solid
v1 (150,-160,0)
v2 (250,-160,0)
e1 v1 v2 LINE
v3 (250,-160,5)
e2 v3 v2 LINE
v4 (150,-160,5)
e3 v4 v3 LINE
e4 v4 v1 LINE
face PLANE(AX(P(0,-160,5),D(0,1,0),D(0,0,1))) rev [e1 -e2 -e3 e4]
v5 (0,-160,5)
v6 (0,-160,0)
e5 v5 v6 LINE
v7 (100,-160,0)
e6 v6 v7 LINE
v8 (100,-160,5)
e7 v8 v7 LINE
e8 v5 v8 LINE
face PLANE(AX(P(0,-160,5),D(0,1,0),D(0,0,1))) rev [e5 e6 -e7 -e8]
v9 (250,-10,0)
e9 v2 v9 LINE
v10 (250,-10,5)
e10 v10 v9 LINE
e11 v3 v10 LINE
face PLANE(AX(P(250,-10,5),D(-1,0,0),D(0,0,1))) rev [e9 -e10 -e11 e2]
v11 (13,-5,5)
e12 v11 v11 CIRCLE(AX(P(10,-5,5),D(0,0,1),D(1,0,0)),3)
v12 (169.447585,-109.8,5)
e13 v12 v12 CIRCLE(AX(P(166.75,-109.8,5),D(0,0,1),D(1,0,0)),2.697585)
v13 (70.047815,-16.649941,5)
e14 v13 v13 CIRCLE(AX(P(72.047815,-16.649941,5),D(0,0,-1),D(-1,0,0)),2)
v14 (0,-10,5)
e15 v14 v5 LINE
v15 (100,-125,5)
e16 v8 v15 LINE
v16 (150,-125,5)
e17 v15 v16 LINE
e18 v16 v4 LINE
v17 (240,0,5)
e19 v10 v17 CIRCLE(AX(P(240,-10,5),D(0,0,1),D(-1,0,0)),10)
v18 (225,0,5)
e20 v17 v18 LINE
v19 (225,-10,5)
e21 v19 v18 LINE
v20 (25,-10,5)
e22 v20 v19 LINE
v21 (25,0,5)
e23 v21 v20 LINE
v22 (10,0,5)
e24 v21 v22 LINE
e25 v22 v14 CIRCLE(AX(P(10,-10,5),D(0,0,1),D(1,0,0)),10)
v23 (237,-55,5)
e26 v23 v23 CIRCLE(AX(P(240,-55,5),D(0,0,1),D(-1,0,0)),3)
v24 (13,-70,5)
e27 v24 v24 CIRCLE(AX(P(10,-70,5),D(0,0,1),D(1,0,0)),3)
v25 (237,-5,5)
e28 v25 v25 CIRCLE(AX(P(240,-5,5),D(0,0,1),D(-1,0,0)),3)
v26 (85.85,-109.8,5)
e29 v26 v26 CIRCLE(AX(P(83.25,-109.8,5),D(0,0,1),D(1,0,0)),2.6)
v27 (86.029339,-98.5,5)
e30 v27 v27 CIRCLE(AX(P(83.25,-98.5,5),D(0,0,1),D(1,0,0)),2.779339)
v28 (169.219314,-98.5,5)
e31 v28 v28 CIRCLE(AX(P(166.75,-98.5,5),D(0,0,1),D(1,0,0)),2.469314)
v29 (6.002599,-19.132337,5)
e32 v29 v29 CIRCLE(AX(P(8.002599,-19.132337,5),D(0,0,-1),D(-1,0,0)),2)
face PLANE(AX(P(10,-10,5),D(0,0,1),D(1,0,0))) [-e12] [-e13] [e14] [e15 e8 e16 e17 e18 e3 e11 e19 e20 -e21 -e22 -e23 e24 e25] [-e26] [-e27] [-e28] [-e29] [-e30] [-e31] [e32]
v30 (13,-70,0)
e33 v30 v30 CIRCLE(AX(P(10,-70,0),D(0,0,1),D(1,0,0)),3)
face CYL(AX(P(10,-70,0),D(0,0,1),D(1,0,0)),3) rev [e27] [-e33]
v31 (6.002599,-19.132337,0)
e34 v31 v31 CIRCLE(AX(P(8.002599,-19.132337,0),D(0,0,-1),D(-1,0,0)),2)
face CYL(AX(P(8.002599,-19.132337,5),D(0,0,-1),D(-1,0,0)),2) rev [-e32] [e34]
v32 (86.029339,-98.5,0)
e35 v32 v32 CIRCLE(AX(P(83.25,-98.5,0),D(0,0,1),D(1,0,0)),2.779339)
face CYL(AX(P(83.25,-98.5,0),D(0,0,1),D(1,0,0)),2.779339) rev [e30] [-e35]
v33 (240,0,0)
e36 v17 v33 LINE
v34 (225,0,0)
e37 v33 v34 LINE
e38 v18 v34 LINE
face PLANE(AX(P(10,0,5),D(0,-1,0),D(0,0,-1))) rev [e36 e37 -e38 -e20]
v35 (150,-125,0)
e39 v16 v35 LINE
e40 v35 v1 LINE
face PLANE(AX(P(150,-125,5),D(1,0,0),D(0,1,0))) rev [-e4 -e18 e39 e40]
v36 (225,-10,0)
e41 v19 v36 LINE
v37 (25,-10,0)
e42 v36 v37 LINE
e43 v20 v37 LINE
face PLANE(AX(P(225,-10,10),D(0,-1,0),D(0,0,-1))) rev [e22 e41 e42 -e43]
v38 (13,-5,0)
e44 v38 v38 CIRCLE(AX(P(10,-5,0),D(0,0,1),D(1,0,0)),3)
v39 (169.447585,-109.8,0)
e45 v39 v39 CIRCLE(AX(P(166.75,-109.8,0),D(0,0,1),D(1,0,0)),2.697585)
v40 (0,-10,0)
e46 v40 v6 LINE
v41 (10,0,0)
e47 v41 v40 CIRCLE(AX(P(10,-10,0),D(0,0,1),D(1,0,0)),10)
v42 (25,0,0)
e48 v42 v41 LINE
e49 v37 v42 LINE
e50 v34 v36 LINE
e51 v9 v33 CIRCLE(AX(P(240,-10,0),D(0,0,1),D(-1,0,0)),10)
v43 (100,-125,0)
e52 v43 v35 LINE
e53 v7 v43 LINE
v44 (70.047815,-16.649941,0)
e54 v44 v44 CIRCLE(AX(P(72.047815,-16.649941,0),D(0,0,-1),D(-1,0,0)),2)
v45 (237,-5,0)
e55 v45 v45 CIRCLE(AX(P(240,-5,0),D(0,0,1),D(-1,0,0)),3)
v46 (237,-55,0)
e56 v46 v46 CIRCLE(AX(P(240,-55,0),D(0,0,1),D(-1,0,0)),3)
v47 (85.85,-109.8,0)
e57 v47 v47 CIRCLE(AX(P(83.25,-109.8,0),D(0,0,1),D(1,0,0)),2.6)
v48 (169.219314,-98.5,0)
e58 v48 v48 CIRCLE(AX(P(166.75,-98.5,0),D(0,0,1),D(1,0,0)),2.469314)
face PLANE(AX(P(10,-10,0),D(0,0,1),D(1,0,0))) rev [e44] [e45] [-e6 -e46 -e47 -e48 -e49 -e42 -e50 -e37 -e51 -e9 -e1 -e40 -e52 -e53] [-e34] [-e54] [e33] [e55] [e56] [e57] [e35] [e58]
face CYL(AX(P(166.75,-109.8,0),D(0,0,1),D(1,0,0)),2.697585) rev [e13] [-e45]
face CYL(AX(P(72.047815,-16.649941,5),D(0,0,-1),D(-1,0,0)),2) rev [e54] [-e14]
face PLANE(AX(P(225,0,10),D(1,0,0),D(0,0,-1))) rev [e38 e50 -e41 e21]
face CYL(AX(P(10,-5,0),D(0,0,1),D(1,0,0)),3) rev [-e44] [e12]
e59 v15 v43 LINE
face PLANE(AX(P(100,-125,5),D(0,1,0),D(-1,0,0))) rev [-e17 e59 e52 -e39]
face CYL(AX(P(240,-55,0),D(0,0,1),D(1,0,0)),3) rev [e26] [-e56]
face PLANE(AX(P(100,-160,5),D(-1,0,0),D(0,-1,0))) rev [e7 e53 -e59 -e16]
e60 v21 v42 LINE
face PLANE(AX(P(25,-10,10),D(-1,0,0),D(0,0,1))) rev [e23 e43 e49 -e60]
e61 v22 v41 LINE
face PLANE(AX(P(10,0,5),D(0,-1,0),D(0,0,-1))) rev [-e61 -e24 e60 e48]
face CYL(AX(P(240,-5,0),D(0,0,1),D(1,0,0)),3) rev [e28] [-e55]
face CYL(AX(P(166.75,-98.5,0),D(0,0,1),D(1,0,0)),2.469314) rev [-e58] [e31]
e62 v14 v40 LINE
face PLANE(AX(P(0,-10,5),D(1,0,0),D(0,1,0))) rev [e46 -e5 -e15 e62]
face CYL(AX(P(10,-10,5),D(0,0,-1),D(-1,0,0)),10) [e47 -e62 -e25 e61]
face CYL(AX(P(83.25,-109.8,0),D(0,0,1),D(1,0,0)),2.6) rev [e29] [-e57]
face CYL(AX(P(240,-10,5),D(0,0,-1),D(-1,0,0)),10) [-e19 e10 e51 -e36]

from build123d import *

# Parameters (mm, degrees)
BOSS_EXTRU_1_DEPTH      = 5
ESQUISSE2_R             = 3
ENL_V_MAT_EXTRU_1_DEPTH = 5
ESQUISSE3_W             = 200
ESQUISSE3_H             = 10
ENL_V_MAT_EXTRU_2_DEPTH = 10
ESQUISSE4_R             = 2
ENL_V_MAT_EXTRU_3_DEPTH = 297.858552176
ESQUISSE5_W             = 50
ESQUISSE5_H             = 35
ENL_V_MAT_EXTRU_4_DEPTH = 297.858552176
ESQUISSE6_R             = 2.6
ESQUISSE6_R_2           = 2.779338986
ESQUISSE6_R_3           = 2.697585155
ESQUISSE6_R_4           = 2.469314184
ENL_V_MAT_EXTRU_5_DEPTH = 297.858552176


with BuildPart() as part:
    # Esquisse1 → Boss.-Extru.1 (new body)
    with BuildSketch(Plane.XY):
        with BuildLine():
            Line((10, 0), (240, 0))
            ThreePointArc((240, 0), (247.071067812, -2.928932188), (250, -10))
            Line((250, -10), (250, -160))
            Line((250, -160), (0, -160))
            Line((0, -160), (0, -10))
            ThreePointArc((0, -10), (2.928932188, -2.928932188), (10, 0))
        make_face()
    extrude(amount=BOSS_EXTRU_1_DEPTH)

    # Esquisse2 → Enlèv. mat.-Extru.1 (cut)
    with BuildSketch(Plane.XY.offset(5)):
        with Locations((10, -5)):
            Circle(ESQUISSE2_R)
        with Locations(Location((240, -55, 0), (0, 0, 180))):
            Circle(ESQUISSE2_R)
        with Locations(Location((240, -5, 0), (0, 0, 180))):
            Circle(ESQUISSE2_R)
        with Locations((10, -70)):
            Circle(ESQUISSE2_R)
    extrude(amount=-ENL_V_MAT_EXTRU_1_DEPTH, mode=Mode.SUBTRACT)

    # Esquisse3 → Enlèv. mat.-Extru.2 (cut)
    with BuildSketch(Plane(origin=(0, 0, 0), x_dir=(-1, 0, 0), z_dir=(0, 0, -1))):
        with Locations((-125, -5)):
            Rectangle(ESQUISSE3_W, ESQUISSE3_H)
    extrude(amount=-ENL_V_MAT_EXTRU_2_DEPTH, mode=Mode.SUBTRACT)

    # Esquisse4 → Enlèv. mat.-Extru.3 (cut, through all)
    with BuildSketch(Plane(origin=(0, 0, 0), x_dir=(-1, 0, 0), z_dir=(0, 0, -1))):
        with Locations((-8.002599179, -19.132336536)):
            Circle(ESQUISSE4_R)
        with Locations((-72.047815248, -16.649941006)):
            Circle(ESQUISSE4_R)
    extrude(amount=-ENL_V_MAT_EXTRU_3_DEPTH, mode=Mode.SUBTRACT)

    # Esquisse5 → Enlèv. mat.-Extru.4 (cut, through all)
    with BuildSketch(Plane(origin=(0, 0, 0), x_dir=(-1, 0, 0), z_dir=(0, 0, -1))):
        with Locations((-125, -142.5)):
            Rectangle(ESQUISSE5_W, ESQUISSE5_H)
    extrude(amount=-ENL_V_MAT_EXTRU_4_DEPTH, mode=Mode.SUBTRACT)

    # Esquisse6 → Enlèv. mat.-Extru.5 (cut, through all)
    with BuildSketch(Plane.XY.offset(5)):
        with Locations((83.25, -109.8)):
            Circle(ESQUISSE6_R)
        with Locations((83.25, -98.5)):
            Circle(ESQUISSE6_R_2)
        with Locations((166.75, -109.8)):
            Circle(ESQUISSE6_R_3)
        with Locations((166.75, -98.5)):
            Circle(ESQUISSE6_R_4)
    extrude(amount=-ENL_V_MAT_EXTRU_5_DEPTH, mode=Mode.SUBTRACT)


solid = part.part
